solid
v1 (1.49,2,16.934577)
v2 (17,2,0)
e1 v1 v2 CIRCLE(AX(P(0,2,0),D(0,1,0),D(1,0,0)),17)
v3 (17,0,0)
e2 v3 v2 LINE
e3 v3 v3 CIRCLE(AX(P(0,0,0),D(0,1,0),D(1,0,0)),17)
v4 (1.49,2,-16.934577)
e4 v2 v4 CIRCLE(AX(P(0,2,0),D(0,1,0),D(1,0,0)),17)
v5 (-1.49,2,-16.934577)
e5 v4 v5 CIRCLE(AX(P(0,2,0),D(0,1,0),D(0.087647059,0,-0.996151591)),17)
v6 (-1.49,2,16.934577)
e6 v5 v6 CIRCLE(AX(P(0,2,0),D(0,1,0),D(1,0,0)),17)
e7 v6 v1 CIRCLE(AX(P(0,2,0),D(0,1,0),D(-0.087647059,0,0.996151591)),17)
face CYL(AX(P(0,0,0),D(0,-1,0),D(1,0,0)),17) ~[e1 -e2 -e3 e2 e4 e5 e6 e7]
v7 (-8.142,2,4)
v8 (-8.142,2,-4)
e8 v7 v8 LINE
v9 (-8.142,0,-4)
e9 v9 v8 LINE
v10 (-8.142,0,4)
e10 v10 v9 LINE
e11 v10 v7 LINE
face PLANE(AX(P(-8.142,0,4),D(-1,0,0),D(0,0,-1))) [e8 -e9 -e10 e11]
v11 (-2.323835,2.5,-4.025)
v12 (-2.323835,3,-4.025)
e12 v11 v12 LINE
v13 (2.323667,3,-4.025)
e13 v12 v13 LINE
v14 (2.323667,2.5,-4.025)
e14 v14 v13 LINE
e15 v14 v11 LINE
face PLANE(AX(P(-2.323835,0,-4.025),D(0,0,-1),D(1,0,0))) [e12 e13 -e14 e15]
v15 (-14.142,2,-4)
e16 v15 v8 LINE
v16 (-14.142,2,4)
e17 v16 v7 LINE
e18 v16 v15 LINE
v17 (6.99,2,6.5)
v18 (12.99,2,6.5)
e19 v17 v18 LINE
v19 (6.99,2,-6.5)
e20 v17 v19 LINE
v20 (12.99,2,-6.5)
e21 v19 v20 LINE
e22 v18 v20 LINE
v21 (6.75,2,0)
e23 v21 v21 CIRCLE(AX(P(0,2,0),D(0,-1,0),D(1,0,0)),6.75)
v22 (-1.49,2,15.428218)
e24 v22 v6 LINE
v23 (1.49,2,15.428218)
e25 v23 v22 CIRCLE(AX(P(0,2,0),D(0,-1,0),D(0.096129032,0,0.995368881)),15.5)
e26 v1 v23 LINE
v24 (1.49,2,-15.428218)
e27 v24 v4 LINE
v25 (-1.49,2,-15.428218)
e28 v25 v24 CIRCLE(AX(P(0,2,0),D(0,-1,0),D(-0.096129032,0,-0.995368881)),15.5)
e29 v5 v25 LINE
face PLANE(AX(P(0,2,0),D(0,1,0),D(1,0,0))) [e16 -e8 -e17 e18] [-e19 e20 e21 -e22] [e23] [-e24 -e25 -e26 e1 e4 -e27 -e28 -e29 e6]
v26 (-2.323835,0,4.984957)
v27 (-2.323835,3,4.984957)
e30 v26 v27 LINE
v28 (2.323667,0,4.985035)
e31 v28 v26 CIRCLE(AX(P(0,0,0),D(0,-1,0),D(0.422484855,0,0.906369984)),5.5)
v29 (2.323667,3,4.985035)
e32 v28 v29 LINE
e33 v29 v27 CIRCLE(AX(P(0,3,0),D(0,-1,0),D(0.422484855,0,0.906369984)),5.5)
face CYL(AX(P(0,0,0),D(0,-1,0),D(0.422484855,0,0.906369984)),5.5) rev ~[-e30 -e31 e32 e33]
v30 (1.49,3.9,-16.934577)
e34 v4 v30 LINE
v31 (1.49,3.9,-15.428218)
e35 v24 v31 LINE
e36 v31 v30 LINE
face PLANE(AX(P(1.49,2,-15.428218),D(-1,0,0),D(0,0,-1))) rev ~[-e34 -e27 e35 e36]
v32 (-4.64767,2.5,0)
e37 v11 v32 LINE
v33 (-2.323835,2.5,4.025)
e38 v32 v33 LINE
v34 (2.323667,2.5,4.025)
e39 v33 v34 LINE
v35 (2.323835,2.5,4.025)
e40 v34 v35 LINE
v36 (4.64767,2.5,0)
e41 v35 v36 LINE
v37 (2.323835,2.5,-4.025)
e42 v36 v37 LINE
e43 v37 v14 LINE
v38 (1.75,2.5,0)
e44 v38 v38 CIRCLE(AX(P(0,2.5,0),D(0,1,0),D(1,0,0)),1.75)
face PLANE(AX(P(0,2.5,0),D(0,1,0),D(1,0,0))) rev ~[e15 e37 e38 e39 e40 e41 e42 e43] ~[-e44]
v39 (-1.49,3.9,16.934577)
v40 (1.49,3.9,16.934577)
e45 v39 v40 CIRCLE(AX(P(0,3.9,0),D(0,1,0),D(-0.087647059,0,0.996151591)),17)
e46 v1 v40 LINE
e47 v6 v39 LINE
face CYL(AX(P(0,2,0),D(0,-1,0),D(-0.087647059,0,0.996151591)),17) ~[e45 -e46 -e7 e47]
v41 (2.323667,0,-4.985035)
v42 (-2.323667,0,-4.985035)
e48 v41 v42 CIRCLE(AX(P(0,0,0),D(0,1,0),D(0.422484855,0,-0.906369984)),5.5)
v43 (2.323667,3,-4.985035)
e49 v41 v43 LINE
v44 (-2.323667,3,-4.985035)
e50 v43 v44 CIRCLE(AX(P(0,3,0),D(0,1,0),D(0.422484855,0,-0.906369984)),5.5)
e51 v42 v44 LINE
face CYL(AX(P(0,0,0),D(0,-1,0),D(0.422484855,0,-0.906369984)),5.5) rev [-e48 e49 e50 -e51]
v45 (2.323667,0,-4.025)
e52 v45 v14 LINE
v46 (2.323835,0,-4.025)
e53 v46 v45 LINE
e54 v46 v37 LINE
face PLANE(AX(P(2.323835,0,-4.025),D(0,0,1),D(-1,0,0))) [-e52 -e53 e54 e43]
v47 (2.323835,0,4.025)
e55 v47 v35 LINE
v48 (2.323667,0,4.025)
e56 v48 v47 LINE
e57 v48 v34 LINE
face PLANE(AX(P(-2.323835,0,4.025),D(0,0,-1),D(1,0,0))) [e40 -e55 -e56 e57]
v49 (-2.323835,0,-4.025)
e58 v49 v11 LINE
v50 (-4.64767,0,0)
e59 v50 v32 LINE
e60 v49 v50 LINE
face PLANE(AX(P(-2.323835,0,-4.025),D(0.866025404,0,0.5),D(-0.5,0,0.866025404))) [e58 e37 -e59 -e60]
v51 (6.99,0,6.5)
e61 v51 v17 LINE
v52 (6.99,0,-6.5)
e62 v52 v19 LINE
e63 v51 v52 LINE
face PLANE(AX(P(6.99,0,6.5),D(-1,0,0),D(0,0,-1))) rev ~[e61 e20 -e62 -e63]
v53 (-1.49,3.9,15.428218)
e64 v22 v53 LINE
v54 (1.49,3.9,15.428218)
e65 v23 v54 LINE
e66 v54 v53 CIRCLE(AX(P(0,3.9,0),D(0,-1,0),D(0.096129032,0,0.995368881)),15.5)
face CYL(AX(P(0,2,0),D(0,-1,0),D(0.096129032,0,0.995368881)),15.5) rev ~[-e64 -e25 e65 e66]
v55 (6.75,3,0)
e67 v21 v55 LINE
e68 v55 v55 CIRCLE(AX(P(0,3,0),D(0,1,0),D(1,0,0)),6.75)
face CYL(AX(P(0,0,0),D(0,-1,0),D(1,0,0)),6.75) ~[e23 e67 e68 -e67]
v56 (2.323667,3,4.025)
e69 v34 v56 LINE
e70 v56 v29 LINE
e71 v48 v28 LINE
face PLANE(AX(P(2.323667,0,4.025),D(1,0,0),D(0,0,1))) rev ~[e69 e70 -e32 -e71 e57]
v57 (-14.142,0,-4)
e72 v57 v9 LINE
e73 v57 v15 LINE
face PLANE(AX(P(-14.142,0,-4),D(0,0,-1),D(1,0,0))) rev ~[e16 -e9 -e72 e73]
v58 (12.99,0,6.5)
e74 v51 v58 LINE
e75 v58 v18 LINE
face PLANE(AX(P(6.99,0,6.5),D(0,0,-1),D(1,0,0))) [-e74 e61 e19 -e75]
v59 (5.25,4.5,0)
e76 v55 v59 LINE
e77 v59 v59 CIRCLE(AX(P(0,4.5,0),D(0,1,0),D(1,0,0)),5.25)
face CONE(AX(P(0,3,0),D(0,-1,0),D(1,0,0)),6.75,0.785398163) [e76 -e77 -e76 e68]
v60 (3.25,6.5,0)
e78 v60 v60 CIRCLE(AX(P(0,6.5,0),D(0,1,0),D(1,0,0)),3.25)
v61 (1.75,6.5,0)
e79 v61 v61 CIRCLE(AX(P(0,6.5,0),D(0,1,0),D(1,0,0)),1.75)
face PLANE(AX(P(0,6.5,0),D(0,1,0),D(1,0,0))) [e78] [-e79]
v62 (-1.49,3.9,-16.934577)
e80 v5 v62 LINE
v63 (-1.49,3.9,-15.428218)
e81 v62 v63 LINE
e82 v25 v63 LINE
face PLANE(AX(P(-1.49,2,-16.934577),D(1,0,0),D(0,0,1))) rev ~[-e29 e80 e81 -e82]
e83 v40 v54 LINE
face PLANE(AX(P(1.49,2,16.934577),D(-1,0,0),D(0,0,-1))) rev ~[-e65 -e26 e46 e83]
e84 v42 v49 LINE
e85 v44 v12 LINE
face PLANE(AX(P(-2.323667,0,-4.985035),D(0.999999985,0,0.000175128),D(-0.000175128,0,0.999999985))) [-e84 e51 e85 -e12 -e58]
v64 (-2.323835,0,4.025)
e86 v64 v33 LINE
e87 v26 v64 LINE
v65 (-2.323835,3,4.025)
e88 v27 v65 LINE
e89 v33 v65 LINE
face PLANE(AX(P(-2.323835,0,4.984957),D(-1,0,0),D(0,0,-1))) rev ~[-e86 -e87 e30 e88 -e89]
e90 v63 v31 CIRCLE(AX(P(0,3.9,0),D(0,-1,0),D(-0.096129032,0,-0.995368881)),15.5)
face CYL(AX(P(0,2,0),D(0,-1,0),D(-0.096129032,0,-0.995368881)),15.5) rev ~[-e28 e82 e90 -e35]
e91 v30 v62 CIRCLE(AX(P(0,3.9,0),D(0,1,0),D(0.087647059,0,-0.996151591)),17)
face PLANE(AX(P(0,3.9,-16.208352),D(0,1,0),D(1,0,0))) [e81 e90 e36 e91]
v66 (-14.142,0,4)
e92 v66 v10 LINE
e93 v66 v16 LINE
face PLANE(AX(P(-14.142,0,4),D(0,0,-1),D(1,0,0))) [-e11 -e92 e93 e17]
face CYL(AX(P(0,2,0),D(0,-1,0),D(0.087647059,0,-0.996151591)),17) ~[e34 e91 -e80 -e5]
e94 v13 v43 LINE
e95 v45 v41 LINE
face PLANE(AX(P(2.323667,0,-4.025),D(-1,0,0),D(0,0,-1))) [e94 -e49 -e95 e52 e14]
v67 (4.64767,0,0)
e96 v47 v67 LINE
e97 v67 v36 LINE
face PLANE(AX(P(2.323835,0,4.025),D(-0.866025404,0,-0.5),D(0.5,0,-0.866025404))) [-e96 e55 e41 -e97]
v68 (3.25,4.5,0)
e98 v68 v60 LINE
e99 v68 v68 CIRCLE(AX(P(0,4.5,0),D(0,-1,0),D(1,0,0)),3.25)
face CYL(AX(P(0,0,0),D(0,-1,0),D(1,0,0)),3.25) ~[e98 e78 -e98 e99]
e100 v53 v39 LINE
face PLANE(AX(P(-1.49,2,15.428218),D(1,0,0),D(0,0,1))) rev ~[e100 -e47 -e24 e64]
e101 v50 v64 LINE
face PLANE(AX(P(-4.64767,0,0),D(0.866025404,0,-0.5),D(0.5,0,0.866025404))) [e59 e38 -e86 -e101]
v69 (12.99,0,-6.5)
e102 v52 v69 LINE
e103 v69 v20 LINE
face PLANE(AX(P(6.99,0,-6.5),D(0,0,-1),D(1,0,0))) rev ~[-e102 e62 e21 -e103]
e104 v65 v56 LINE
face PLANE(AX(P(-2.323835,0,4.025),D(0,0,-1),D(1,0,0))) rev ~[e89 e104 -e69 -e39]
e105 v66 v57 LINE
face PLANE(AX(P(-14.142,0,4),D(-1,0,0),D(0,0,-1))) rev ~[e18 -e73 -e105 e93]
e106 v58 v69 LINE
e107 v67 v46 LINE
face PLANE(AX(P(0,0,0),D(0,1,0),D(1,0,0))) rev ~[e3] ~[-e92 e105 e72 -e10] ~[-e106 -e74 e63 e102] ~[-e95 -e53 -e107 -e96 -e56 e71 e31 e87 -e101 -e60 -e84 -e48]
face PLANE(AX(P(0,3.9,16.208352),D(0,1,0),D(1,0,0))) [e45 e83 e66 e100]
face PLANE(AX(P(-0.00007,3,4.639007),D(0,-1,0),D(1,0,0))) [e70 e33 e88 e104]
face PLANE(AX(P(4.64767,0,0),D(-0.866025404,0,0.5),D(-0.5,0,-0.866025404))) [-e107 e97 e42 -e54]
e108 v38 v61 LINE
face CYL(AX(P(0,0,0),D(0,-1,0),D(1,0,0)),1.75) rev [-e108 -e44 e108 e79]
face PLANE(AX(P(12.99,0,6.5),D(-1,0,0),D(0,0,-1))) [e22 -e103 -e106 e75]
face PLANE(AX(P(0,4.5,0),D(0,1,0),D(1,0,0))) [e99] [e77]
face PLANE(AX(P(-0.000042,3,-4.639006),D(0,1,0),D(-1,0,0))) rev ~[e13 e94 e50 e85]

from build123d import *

# Parameters (mm, degrees)
SKETCH1_R           = 17
SKETCH1_R_2         = 1.75
SKETCH1_W           = 6
SKETCH1_H           = 13
SKETCH1_H_2         = 8
BOSS_EXTRUDE1_DEPTH = 2
SKETCH1_3_R         = 6.75
SKETCH1_3_R_2       = 1.75
BOSS_EXTRUDE2_DEPTH = 4.5
SKETCH1_4_R         = 3.25
SKETCH1_4_R_2       = 1.75
BOSS_EXTRUDE3_DEPTH = 6.5
SKETCH1_5_R         = 1.75
CUT_EXTRUDE1_DEPTH  = 2.5
BOSS_EXTRUDE4_DEPTH = 1.9
CUT_EXTRUDE2_DEPTH  = 3
CHAMFER1_SIZE       = 1.5


with BuildPart() as part:
    # Sketch1 → Boss-Extrude1 (new body)
    with BuildSketch(Plane(origin=(0, 0, 0), x_dir=(1, 0, 0), z_dir=(0, 1, 0))):
        Circle(SKETCH1_R)
        Circle(SKETCH1_R_2, mode=Mode.SUBTRACT)
        with Locations((9.99, 0)):
            Rectangle(SKETCH1_W, SKETCH1_H, mode=Mode.SUBTRACT)
        with Locations((-11.142, 0)):
            Rectangle(SKETCH1_W, SKETCH1_H_2, mode=Mode.SUBTRACT)
    extrude(amount=BOSS_EXTRUDE1_DEPTH)

    # Sketch1<3> → Boss-Extrude2 (add)
    with BuildSketch(Plane(origin=(0, 0, 0), x_dir=(1, 0, 0), z_dir=(0, 1, 0))):
        Circle(SKETCH1_3_R)
        Circle(SKETCH1_3_R_2, mode=Mode.SUBTRACT)
    extrude(amount=BOSS_EXTRUDE2_DEPTH)

    # Sketch1<4> → Boss-Extrude3 (add)
    with BuildSketch(Plane(origin=(0, 0, 0), x_dir=(1, 0, 0), z_dir=(0, 1, 0))):
        Circle(SKETCH1_4_R)
        Circle(SKETCH1_4_R_2, mode=Mode.SUBTRACT)
    extrude(amount=BOSS_EXTRUDE3_DEPTH)

    # Sketch1<5> → Cut-Extrude1 (cut)
    with BuildSketch(Plane(origin=(0, 0, 0), x_dir=(1, 0, 0), z_dir=(0, 1, 0))):
        Polygon((2.323834833, -4.025), (4.647669667, 0), (2.323834833, 4.025), (-2.323834833, 4.025), (-4.647669667, 0), (-2.323834833, -4.025), align=None)
        Circle(SKETCH1_5_R, mode=Mode.SUBTRACT)
    extrude(amount=CUT_EXTRUDE1_DEPTH, mode=Mode.SUBTRACT)

    # Sketch2 → Boss-Extrude4 (add)
    with BuildSketch(Plane(origin=(0, 2, 0), x_dir=(1, 0, 0), z_dir=(0, 1, 0))):
        with BuildLine():
            ThreePointArc((1.49, 16.934577054), (0, 17), (-1.49, 16.934577054))
            Line((-1.49, 16.934577054), (-1.49, 15.428217655))
            ThreePointArc((-1.49, 15.428217655), (0, 15.5), (1.49, 15.428217655))
            Line((1.49, 15.428217655), (1.49, 16.934577054))
        make_face()
        with BuildLine():
            Line((-1.49, -15.428217655), (-1.49, -16.934577054))
            ThreePointArc((-1.49, -16.934577054), (0, -17), (1.49, -16.934577054))
            Line((1.49, -16.934577054), (1.49, -15.428217655))
            ThreePointArc((1.49, -15.428217655), (0, -15.5), (-1.49, -15.428217655))
        make_face()
    extrude(amount=BOSS_EXTRUDE4_DEPTH)

    # Sketch4 → Cut-Extrude2 (cut)
    with BuildSketch(Plane.XZ):
        with BuildLine():
            Line((-2.323834833, 4.025), (2.323666704, 4.025))
            Line((2.323666704, 4.025), (2.323666704, 4.98503491))
            ThreePointArc((2.323666704, 4.98503491), (-9.275e-05, 5.499999999), (-2.323834833, 4.984956536))
            Line((-2.323834833, 4.984956536), (-2.323834833, 4.025))
        make_face()
        with BuildLine():
            Line((2.323666704, -4.025), (2.323666704, -4.98503491))
            ThreePointArc((2.323666704, -4.98503491), (0, -5.5), (-2.323666704, -4.98503491))
            Line((-2.323666704, -4.98503491), (-2.323834833, -4.025))
            Line((-2.323834833, -4.025), (2.323666704, -4.025))
        make_face()
    extrude(amount=-CUT_EXTRUDE2_DEPTH, mode=Mode.SUBTRACT)

    # Chamfer1
    chamfer1_edges = [part.edges().sort_by_distance(p)[0] for p in [
        (-6.75, 4.5, 0),
    ]]
    chamfer(chamfer1_edges, length=CHAMFER1_SIZE)


solid = part.part
